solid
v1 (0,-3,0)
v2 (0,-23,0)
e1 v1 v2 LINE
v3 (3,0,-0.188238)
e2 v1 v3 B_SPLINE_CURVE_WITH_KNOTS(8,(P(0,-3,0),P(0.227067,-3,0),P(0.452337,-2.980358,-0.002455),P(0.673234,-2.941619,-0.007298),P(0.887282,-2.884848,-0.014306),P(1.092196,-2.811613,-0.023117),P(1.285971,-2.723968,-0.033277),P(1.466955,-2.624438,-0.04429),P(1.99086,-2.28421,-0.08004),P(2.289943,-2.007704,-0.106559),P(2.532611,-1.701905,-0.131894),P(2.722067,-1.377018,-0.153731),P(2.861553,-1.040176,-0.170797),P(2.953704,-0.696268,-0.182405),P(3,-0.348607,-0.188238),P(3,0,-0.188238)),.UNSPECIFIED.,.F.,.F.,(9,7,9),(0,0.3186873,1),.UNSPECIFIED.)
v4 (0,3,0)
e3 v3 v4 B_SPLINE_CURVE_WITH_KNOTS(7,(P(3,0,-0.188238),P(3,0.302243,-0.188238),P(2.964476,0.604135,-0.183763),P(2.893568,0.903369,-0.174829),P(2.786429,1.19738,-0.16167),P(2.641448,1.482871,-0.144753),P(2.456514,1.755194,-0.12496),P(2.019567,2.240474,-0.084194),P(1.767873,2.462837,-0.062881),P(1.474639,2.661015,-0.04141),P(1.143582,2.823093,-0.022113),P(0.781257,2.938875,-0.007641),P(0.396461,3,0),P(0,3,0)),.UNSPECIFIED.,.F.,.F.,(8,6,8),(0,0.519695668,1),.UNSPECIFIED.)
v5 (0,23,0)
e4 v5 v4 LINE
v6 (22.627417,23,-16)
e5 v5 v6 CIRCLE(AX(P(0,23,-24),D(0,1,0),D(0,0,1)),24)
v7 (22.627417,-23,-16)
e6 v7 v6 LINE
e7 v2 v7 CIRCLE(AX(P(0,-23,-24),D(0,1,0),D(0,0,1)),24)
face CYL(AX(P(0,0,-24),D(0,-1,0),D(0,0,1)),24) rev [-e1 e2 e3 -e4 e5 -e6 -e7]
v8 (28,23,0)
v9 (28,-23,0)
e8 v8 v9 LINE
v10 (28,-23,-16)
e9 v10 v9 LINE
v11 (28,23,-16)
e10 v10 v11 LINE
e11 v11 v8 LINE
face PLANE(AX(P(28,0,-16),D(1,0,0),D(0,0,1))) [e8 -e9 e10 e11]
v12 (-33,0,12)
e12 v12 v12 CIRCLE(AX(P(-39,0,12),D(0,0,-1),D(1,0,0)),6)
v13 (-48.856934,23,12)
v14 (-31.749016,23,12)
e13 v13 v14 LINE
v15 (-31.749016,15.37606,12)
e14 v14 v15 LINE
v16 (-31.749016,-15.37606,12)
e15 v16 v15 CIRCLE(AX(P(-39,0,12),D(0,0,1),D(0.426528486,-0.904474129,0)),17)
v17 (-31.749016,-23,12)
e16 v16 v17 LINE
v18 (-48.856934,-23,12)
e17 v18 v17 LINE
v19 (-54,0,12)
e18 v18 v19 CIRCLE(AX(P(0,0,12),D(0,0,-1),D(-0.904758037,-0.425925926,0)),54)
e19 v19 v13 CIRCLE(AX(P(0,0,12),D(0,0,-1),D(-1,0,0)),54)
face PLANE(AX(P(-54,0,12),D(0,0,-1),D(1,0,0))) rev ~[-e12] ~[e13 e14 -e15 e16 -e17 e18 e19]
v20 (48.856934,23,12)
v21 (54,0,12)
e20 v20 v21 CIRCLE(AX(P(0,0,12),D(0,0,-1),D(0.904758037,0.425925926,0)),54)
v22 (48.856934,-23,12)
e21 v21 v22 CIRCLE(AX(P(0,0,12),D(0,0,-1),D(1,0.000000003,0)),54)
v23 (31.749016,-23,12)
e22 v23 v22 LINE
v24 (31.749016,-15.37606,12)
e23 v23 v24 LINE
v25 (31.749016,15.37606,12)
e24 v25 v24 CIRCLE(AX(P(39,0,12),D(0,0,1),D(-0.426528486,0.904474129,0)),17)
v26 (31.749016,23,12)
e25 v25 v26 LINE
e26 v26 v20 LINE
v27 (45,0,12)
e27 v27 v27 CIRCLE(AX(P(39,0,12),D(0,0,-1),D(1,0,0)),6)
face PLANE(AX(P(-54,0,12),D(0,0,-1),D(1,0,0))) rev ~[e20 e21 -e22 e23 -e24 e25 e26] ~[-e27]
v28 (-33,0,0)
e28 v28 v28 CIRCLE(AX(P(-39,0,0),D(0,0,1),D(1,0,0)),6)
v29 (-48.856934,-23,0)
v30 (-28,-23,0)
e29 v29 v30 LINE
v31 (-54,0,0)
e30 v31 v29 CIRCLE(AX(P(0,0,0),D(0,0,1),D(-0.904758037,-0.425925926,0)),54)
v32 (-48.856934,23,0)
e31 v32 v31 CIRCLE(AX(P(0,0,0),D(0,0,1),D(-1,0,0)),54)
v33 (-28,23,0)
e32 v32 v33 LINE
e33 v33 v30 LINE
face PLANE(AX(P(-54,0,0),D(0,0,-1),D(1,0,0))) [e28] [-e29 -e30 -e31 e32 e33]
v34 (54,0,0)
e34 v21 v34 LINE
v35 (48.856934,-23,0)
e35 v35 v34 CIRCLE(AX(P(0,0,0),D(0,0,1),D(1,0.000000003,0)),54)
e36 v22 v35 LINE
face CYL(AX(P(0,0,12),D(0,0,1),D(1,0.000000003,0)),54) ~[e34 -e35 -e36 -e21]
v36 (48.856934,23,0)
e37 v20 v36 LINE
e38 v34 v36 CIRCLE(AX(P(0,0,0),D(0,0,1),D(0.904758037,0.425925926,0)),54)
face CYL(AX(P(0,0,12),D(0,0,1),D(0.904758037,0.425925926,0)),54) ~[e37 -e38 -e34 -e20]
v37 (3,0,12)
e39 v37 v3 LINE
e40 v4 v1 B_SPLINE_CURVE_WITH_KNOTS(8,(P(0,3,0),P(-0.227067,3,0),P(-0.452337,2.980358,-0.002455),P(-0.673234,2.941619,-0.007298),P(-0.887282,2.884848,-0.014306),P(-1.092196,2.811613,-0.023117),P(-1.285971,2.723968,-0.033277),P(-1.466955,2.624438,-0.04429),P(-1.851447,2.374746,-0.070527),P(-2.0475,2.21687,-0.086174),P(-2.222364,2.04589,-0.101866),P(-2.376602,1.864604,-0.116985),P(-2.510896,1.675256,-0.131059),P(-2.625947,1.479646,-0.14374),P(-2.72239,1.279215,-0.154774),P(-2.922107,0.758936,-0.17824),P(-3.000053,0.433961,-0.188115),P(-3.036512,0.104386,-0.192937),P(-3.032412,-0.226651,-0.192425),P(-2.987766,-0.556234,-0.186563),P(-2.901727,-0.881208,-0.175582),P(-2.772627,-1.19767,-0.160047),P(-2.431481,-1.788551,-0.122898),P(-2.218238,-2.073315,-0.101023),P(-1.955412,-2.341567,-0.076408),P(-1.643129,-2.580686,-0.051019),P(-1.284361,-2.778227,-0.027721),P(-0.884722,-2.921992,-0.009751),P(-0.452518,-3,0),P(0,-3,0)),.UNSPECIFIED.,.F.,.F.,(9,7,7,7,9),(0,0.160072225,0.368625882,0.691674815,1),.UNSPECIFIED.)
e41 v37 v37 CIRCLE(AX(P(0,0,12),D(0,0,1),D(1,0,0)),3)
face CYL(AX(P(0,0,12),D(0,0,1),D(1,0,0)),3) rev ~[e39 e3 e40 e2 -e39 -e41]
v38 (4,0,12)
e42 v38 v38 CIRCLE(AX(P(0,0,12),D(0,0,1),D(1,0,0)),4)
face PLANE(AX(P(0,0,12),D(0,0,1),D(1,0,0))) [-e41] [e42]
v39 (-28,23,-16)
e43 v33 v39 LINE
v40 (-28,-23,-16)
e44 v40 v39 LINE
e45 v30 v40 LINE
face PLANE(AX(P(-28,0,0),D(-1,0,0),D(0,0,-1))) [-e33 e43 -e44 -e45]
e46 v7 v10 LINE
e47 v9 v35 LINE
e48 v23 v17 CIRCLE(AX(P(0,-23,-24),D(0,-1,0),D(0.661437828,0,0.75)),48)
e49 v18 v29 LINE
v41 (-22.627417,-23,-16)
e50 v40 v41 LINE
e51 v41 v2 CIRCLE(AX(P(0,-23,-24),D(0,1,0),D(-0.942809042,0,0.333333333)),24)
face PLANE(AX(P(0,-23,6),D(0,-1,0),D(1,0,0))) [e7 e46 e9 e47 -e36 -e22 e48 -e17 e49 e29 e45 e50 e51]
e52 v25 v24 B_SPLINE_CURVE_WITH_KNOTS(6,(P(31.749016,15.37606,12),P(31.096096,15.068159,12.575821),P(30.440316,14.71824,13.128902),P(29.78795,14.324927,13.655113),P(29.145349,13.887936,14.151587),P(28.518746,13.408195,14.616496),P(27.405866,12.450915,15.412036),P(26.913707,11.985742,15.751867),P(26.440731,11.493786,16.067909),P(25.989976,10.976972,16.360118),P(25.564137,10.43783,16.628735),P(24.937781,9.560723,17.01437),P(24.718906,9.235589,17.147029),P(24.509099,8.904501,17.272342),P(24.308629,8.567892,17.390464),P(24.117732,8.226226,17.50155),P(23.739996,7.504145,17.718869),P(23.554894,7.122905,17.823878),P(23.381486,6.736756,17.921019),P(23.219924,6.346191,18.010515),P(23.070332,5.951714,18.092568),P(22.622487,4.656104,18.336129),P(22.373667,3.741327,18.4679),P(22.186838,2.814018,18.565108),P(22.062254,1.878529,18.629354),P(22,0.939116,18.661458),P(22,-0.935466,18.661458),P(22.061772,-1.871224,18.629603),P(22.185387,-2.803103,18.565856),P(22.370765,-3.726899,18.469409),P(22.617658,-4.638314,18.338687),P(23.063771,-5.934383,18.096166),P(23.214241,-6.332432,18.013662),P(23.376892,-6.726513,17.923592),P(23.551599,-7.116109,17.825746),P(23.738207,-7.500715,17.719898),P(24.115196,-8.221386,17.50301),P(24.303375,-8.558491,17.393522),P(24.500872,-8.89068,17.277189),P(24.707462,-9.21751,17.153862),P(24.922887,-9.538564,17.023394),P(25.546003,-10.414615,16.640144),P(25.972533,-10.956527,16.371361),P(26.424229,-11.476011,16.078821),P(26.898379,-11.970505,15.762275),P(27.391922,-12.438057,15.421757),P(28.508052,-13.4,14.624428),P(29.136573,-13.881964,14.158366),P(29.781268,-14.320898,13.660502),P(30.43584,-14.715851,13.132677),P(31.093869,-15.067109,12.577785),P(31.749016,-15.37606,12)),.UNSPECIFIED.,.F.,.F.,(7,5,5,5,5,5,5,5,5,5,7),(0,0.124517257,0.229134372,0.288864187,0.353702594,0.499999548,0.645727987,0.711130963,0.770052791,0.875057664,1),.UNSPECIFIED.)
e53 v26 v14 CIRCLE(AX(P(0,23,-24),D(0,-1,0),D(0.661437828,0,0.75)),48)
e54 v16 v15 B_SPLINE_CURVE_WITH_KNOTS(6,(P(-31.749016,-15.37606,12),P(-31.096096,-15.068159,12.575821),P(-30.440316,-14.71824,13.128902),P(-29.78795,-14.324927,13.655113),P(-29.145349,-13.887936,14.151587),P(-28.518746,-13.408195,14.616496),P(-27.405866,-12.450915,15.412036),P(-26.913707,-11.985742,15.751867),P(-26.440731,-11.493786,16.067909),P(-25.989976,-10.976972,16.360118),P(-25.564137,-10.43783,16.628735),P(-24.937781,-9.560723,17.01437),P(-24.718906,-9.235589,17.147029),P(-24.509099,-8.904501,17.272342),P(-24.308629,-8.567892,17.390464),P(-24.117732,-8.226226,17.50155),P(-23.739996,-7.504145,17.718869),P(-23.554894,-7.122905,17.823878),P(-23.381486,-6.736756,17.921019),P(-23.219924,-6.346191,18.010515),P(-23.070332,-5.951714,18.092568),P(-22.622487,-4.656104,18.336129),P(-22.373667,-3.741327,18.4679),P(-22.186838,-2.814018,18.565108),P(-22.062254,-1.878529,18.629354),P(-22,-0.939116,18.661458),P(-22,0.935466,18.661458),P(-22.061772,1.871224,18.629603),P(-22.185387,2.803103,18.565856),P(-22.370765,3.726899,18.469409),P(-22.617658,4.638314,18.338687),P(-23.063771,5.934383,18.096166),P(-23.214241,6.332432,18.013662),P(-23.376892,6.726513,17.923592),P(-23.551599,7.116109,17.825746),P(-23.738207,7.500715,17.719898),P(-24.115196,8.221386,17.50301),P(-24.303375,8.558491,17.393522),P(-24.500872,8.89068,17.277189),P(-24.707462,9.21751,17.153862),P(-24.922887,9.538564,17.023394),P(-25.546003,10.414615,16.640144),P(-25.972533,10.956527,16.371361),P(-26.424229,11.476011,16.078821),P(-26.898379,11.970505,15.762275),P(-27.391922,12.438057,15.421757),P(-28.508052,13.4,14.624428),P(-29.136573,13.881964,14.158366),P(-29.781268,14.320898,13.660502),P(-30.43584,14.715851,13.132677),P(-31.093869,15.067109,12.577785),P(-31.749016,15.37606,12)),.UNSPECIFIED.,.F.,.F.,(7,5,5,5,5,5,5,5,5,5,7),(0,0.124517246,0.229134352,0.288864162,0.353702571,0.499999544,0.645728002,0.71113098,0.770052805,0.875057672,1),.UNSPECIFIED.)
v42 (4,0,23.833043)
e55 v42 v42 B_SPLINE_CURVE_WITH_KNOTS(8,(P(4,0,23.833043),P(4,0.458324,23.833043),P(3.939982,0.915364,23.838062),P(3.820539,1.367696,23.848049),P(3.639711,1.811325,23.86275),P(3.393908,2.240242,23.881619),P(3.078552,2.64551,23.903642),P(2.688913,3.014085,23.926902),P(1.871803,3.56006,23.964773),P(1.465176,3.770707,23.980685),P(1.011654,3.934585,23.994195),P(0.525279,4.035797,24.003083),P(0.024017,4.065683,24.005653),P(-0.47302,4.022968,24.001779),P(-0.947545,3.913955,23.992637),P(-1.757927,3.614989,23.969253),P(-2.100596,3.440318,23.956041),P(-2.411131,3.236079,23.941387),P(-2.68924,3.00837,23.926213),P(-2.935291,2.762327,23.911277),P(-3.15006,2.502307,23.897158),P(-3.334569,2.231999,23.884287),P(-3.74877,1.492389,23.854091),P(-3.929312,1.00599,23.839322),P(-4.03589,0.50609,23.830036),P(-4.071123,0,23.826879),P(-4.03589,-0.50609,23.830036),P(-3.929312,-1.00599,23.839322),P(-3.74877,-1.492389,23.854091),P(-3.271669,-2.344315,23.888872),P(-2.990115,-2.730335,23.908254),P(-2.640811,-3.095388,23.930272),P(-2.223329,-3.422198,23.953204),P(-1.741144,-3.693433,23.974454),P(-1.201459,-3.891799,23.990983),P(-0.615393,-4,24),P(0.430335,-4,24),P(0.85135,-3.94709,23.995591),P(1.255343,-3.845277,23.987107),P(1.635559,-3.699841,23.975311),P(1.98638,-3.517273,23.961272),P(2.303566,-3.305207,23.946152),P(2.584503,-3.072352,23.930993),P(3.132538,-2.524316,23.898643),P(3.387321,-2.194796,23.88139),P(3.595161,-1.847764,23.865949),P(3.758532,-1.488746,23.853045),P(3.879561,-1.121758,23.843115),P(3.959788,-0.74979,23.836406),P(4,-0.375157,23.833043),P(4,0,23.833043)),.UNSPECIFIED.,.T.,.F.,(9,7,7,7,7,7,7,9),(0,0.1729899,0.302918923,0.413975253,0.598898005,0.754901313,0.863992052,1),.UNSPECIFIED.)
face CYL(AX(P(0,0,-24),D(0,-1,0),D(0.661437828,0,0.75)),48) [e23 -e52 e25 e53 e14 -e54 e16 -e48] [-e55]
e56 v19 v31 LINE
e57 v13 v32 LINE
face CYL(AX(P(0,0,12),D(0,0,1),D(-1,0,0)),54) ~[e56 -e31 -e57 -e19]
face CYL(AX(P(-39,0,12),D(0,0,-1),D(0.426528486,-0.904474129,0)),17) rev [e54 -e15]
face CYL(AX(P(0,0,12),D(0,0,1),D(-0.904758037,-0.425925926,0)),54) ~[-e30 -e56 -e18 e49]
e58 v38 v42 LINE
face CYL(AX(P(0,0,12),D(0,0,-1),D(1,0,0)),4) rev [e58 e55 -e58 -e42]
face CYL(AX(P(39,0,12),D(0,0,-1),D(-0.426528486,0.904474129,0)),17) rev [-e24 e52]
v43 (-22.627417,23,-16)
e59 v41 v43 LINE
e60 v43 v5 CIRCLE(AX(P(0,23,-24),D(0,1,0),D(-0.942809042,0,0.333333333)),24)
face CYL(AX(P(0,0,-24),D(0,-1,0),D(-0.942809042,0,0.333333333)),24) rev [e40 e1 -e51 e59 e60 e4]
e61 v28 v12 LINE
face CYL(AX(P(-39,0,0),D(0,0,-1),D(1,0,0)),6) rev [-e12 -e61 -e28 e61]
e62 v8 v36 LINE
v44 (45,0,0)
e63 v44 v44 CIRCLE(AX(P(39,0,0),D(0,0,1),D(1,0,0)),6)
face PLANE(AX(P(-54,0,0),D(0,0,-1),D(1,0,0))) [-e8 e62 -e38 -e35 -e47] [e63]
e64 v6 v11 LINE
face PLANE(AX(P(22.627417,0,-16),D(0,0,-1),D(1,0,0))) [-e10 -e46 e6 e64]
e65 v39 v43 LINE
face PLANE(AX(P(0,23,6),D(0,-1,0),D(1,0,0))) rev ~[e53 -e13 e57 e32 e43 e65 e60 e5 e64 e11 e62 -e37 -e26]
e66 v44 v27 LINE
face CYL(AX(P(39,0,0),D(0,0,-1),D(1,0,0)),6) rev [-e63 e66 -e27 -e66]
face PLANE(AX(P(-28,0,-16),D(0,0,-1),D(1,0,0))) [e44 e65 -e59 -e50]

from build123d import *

# Parameters (mm, degrees)
F0_W           = 108
F0_H           = 12
F1_DEPTH       = 23
F3_DEPTH       = 23
F5_DEPTH       = 23
F6_R           = 6
F7_DEPTH       = 16.001
F7_DEPTH_BACK  = 25
F9_DEPTH       = 25
F10_R          = 4
F11_DEPTH      = 16
F12_R          = 3
F13_DEPTH      = 25
F13_DEPTH_BACK = 25
F15_DEPTH      = 25


with BuildPart() as f1:
    # F0 (on Front) → F1 (new body, symmetric)
    with BuildSketch(Plane.XZ):
        with Locations((0, 6)):
            Rectangle(F0_W, F0_H)
    extrude(amount=F1_DEPTH, both=True)

    # F2 (on Front) → F3 (join, symmetric)
    with BuildSketch(Plane.XZ):
        with BuildLine():
            ThreePointArc((-22.627416998, -16), (-13.8564064606, -4.4040820577), (0, 0))
            Line((0, 0), (-28, 0))
            Line((-28, 0), (-28, -16))
            Line((-28, -16), (-22.627416998, -16))
        make_face()
        with BuildLine():
            Line((28, -16), (28, 0))
            Line((28, 0), (0, 0))
            ThreePointArc((0, 0), (13.8564064606, -4.4040820577), (22.627416998, -16))
            Line((22.627416998, -16), (28, -16))
        make_face()
    extrude(amount=F3_DEPTH, both=True)

    # F4 (on Front) → F5 (join, symmetric)
    with BuildSketch(Plane.XZ):
        with BuildLine():
            ThreePointArc((31.7490157328, 12), (0, 24), (-31.7490157328, 12))
            Line((-31.7490157328, 12), (31.7490157328, 12))
        make_face()
    extrude(amount=F5_DEPTH, both=True)

    # F6 (on Top) → F7 (cut, two sides)
    with BuildSketch(Plane.XY) as f7_sk:
        with Locations((-39, 0)):
            Circle(F6_R)
        with Locations((39, 0)):
            Circle(F6_R)
    extrude(amount=-F7_DEPTH, mode=Mode.SUBTRACT)
    extrude(f7_sk.sketch, amount=F7_DEPTH_BACK, mode=Mode.SUBTRACT)

    # F8 (on face) → F9 (cut)
    with BuildSketch(Plane.XY.offset(12)):
        with BuildLine():
            ThreePointArc((31.7490157328, 15.3760601962), (22, 0), (31.7490157328, -15.3760601962))
            Line((31.7490157328, -15.3760601962), (31.7490157328, 15.3760601962))
        make_face()
        with BuildLine():
            Line((-31.7490157328, 15.3760601962), (-31.7490157328, -15.3760601962))
            ThreePointArc((-31.7490157328, -15.3760601962), (-22, 0), (-31.7490157328, 15.3760601962))
        make_face()
    extrude(amount=F9_DEPTH, mode=Mode.SUBTRACT)

    # F10 (on face) → F11 (cut)
    with BuildSketch(Plane.XY.offset(12)):
        Circle(F10_R)
    extrude(amount=F11_DEPTH, mode=Mode.SUBTRACT)

    # F12 (on face) → F13 (cut, two sides)
    with BuildSketch(Plane.XY.offset(12)) as f13_sk:
        Circle(F12_R)
    extrude(amount=-F13_DEPTH, mode=Mode.SUBTRACT)
    extrude(f13_sk.sketch, amount=F13_DEPTH_BACK, mode=Mode.SUBTRACT)

    # F14 (on face) → F15 (cut)
    with BuildSketch(Plane.XY.offset(12)):
        with BuildLine():
            ThreePointArc((-48.8569340012, -23), (-52.6985504358, -11.7840053448), (-54, 0))
            Line((-54, 0), (-54, -23))
            Line((-54, -23), (-48.8569340012, -23))
        make_face()
        with BuildLine():
            ThreePointArc((-54, 0), (-52.6985504358, 11.7840053448), (-48.8569340012, 23))
            Line((-48.8569340012, 23), (-54, 23))
            Line((-54, 23), (-54, 0))
        make_face()
        with BuildLine():
            ThreePointArc((54, 1.623e-07), (52.6985504535, -11.7840052656), (48.8569340012, -23))
            Line((48.8569340012, -23), (54, -23))
            Line((54, -23), (54, 1.623e-07))
        make_face()
        with BuildLine():
            ThreePointArc((48.8569340012, 23), (52.6985504181, 11.784005424), (54, 1.623e-07))
            Line((54, 1.623e-07), (54, 23))
            Line((54, 23), (48.8569340012, 23))
        make_face()
    extrude(amount=-F15_DEPTH, mode=Mode.SUBTRACT)


solid = f1.part
